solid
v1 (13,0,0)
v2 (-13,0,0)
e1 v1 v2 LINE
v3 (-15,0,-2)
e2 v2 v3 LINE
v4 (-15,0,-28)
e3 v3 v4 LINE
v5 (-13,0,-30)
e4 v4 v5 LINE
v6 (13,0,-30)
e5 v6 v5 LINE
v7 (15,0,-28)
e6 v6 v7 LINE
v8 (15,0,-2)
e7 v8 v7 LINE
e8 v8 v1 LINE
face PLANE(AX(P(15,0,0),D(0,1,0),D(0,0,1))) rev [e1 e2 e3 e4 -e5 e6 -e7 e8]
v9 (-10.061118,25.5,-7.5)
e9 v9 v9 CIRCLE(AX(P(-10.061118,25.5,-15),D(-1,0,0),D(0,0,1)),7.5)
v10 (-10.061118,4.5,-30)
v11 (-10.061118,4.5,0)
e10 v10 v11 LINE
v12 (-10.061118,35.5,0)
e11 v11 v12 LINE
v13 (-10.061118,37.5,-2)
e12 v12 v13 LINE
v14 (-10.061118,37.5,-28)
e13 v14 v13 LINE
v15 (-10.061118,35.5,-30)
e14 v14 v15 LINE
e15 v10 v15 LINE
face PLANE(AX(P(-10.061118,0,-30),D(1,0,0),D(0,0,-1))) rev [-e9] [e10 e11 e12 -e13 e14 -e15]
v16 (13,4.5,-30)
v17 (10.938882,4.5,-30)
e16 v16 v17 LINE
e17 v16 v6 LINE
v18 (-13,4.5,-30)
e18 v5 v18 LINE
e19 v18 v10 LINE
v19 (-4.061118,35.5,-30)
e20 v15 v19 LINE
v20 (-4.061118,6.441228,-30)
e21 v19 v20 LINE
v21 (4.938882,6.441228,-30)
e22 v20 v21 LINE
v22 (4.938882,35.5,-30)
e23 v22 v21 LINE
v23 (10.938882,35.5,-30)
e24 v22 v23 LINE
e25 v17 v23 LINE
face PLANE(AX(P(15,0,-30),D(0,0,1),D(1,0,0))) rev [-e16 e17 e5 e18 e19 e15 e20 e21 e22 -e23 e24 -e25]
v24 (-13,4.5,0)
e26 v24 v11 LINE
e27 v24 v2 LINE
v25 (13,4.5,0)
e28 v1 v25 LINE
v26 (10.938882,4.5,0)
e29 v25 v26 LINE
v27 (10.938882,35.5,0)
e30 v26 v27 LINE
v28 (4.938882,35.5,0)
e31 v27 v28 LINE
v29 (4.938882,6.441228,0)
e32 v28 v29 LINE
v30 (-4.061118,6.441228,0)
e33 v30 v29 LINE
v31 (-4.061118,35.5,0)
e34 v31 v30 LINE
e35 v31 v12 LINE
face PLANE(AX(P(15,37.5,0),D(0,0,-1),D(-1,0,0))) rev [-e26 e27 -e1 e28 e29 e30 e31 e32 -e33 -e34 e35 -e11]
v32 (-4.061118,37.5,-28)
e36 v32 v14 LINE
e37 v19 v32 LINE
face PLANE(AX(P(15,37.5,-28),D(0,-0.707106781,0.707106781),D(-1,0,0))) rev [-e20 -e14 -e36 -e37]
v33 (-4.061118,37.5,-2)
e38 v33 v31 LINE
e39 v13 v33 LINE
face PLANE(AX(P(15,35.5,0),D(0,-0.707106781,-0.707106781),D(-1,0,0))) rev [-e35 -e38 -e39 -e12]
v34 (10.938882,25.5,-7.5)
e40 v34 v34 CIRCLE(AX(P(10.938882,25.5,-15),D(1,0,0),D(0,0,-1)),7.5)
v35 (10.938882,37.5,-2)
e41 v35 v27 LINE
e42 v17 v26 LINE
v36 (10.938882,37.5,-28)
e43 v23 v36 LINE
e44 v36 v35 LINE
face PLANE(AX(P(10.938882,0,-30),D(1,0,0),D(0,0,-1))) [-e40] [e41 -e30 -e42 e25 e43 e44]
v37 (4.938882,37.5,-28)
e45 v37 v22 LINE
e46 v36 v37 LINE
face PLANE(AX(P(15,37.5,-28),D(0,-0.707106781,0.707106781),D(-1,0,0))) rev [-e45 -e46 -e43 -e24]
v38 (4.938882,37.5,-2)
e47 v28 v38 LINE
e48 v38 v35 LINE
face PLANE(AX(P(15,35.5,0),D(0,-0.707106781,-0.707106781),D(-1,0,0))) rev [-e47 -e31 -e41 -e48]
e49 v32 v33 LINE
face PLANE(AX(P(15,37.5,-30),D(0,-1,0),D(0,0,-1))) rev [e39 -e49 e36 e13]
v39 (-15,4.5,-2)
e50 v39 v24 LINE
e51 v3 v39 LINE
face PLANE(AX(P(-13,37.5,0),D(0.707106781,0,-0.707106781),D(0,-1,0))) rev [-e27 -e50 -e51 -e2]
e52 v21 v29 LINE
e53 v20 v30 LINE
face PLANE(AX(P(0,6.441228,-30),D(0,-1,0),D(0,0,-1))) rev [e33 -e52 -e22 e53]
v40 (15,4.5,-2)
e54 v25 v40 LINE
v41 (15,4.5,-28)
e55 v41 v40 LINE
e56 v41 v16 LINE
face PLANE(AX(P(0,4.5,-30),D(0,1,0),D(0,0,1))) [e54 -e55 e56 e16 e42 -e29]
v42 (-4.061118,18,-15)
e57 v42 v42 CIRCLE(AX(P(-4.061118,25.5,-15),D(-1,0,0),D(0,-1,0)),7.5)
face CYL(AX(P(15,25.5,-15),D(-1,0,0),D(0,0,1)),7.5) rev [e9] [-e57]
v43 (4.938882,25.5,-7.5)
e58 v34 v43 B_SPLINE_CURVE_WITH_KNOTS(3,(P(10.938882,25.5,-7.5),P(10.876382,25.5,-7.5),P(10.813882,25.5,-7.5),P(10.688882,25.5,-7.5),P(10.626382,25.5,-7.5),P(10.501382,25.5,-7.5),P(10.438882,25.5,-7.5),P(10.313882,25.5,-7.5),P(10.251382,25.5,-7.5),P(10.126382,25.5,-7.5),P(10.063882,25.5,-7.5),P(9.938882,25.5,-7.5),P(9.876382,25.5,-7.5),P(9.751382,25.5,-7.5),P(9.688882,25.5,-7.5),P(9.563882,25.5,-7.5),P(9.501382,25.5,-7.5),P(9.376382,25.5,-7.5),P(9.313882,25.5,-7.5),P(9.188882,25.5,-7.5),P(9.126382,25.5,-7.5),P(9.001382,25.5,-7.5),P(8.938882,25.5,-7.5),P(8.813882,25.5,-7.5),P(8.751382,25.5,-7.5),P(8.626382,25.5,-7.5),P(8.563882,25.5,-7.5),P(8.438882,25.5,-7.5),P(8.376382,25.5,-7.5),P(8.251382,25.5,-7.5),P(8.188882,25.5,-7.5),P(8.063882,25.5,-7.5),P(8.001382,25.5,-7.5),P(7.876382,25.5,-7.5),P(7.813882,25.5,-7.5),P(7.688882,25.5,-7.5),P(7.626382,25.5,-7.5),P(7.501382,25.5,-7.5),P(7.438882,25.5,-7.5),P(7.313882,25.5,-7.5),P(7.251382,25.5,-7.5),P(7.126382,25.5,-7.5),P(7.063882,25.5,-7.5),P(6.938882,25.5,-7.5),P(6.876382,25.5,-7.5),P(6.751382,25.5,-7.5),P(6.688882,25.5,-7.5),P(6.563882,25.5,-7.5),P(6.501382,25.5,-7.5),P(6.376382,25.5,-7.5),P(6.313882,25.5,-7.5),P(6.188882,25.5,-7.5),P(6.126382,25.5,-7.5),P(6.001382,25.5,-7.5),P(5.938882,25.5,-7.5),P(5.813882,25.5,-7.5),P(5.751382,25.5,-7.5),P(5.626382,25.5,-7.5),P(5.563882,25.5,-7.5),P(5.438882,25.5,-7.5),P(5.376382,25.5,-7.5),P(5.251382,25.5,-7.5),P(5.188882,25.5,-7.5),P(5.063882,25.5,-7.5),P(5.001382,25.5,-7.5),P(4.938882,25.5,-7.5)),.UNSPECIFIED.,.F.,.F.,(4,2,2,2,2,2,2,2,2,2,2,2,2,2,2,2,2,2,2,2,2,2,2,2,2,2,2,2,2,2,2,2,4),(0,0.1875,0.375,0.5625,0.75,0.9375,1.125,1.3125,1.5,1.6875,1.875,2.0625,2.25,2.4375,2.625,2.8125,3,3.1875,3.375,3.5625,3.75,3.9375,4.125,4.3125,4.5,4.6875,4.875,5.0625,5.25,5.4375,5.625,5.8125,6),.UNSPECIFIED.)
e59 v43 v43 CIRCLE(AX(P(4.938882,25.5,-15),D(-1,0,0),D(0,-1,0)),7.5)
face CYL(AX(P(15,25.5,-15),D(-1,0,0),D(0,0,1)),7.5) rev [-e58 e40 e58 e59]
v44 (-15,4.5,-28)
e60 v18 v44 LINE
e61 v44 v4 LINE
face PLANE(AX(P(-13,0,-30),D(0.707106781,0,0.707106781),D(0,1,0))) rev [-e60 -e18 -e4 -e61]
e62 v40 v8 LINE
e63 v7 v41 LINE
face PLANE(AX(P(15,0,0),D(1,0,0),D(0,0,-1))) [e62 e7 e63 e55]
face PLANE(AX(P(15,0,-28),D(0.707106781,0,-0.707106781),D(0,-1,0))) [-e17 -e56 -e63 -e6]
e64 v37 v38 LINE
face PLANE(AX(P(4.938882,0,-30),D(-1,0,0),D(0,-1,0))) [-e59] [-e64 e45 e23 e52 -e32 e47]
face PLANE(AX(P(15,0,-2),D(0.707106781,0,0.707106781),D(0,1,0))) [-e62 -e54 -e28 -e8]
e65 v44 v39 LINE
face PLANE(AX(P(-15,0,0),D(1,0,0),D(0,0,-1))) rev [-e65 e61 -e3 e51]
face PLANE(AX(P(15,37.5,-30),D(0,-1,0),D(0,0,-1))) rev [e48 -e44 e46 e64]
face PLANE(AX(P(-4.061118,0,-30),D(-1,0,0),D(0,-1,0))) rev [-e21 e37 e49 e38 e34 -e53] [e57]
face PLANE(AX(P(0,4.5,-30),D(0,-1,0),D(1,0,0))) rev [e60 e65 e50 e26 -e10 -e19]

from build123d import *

# Parameters (mm, degrees)
SKETCH_1_W          = 30
SKETCH_1_H          = 37.5
EXTRUDE_2_DEPTH     = 15
SKETCH_3_W          = 4.5
SKETCH_3_H          = 31.058772458
SKETCH_3_W_2        = 4.938881881
SKETCH_3_H_2        = 33
SKETCH_3_W_3        = 4.061118119
CUT_EXTRUDE_1_DEPTH = 51.311529494
SKETCH_4_R          = 7.5
CUT_EXTRUDE_2_DEPTH = 55.169268422
CHAMFER_1_SIZE      = 2


with BuildPart() as part:
    # 草图1 → 凸台-拉伸2 (new, symmetric)
    with BuildSketch(Plane(origin=(0, 0, 0), x_dir=(0, 0, -1), z_dir=(1, 0, 0))):
        with Locations((15, 18.75)):
            Rectangle(SKETCH_1_W, SKETCH_1_H)
    extrude(amount=EXTRUDE_2_DEPTH, both=True)

    # 草图3 → 切除-拉伸1 (cut, through all)
    with BuildSketch(Plane.XY):
        with Locations((-1.811118119, 21.970613771)):
            Rectangle(SKETCH_3_W, SKETCH_3_H)
        with Locations((2.688881881, 21.970613771)):
            Rectangle(SKETCH_3_W, SKETCH_3_H)
        with Locations((-12.53055906, 21)):
            Rectangle(SKETCH_3_W_2, SKETCH_3_H_2)
        with Locations((12.969440941, 21)):
            Rectangle(SKETCH_3_W_3, SKETCH_3_H_2)
    extrude(amount=-CUT_EXTRUDE_1_DEPTH, mode=Mode.SUBTRACT)

    # 草图4 → 切除-拉伸2 (cut, through all)
    with BuildSketch(Plane.ZY.offset(10.061118119)):
        with Locations((-15, 25.5)):
            Circle(SKETCH_4_R)
    extrude(amount=-CUT_EXTRUDE_2_DEPTH, mode=Mode.SUBTRACT)

    # 倒角1
    chamfer_1_edges = [part.edges().sort_by_distance(p)[0] for p in [
        (15, 2.25, -30),
        (-15, 2.25, 0),
        (15, 2.25, 0),
        (7.938881881, 37.5, 0),
        (-7.061118119, 37.5, 0),
        (7.938881881, 37.5, -30),
        (-7.061118119, 37.5, -30),
        (-15, 2.25, -30),
    ]]
    chamfer(chamfer_1_edges, length=CHAMFER_1_SIZE)


solid = part.part
